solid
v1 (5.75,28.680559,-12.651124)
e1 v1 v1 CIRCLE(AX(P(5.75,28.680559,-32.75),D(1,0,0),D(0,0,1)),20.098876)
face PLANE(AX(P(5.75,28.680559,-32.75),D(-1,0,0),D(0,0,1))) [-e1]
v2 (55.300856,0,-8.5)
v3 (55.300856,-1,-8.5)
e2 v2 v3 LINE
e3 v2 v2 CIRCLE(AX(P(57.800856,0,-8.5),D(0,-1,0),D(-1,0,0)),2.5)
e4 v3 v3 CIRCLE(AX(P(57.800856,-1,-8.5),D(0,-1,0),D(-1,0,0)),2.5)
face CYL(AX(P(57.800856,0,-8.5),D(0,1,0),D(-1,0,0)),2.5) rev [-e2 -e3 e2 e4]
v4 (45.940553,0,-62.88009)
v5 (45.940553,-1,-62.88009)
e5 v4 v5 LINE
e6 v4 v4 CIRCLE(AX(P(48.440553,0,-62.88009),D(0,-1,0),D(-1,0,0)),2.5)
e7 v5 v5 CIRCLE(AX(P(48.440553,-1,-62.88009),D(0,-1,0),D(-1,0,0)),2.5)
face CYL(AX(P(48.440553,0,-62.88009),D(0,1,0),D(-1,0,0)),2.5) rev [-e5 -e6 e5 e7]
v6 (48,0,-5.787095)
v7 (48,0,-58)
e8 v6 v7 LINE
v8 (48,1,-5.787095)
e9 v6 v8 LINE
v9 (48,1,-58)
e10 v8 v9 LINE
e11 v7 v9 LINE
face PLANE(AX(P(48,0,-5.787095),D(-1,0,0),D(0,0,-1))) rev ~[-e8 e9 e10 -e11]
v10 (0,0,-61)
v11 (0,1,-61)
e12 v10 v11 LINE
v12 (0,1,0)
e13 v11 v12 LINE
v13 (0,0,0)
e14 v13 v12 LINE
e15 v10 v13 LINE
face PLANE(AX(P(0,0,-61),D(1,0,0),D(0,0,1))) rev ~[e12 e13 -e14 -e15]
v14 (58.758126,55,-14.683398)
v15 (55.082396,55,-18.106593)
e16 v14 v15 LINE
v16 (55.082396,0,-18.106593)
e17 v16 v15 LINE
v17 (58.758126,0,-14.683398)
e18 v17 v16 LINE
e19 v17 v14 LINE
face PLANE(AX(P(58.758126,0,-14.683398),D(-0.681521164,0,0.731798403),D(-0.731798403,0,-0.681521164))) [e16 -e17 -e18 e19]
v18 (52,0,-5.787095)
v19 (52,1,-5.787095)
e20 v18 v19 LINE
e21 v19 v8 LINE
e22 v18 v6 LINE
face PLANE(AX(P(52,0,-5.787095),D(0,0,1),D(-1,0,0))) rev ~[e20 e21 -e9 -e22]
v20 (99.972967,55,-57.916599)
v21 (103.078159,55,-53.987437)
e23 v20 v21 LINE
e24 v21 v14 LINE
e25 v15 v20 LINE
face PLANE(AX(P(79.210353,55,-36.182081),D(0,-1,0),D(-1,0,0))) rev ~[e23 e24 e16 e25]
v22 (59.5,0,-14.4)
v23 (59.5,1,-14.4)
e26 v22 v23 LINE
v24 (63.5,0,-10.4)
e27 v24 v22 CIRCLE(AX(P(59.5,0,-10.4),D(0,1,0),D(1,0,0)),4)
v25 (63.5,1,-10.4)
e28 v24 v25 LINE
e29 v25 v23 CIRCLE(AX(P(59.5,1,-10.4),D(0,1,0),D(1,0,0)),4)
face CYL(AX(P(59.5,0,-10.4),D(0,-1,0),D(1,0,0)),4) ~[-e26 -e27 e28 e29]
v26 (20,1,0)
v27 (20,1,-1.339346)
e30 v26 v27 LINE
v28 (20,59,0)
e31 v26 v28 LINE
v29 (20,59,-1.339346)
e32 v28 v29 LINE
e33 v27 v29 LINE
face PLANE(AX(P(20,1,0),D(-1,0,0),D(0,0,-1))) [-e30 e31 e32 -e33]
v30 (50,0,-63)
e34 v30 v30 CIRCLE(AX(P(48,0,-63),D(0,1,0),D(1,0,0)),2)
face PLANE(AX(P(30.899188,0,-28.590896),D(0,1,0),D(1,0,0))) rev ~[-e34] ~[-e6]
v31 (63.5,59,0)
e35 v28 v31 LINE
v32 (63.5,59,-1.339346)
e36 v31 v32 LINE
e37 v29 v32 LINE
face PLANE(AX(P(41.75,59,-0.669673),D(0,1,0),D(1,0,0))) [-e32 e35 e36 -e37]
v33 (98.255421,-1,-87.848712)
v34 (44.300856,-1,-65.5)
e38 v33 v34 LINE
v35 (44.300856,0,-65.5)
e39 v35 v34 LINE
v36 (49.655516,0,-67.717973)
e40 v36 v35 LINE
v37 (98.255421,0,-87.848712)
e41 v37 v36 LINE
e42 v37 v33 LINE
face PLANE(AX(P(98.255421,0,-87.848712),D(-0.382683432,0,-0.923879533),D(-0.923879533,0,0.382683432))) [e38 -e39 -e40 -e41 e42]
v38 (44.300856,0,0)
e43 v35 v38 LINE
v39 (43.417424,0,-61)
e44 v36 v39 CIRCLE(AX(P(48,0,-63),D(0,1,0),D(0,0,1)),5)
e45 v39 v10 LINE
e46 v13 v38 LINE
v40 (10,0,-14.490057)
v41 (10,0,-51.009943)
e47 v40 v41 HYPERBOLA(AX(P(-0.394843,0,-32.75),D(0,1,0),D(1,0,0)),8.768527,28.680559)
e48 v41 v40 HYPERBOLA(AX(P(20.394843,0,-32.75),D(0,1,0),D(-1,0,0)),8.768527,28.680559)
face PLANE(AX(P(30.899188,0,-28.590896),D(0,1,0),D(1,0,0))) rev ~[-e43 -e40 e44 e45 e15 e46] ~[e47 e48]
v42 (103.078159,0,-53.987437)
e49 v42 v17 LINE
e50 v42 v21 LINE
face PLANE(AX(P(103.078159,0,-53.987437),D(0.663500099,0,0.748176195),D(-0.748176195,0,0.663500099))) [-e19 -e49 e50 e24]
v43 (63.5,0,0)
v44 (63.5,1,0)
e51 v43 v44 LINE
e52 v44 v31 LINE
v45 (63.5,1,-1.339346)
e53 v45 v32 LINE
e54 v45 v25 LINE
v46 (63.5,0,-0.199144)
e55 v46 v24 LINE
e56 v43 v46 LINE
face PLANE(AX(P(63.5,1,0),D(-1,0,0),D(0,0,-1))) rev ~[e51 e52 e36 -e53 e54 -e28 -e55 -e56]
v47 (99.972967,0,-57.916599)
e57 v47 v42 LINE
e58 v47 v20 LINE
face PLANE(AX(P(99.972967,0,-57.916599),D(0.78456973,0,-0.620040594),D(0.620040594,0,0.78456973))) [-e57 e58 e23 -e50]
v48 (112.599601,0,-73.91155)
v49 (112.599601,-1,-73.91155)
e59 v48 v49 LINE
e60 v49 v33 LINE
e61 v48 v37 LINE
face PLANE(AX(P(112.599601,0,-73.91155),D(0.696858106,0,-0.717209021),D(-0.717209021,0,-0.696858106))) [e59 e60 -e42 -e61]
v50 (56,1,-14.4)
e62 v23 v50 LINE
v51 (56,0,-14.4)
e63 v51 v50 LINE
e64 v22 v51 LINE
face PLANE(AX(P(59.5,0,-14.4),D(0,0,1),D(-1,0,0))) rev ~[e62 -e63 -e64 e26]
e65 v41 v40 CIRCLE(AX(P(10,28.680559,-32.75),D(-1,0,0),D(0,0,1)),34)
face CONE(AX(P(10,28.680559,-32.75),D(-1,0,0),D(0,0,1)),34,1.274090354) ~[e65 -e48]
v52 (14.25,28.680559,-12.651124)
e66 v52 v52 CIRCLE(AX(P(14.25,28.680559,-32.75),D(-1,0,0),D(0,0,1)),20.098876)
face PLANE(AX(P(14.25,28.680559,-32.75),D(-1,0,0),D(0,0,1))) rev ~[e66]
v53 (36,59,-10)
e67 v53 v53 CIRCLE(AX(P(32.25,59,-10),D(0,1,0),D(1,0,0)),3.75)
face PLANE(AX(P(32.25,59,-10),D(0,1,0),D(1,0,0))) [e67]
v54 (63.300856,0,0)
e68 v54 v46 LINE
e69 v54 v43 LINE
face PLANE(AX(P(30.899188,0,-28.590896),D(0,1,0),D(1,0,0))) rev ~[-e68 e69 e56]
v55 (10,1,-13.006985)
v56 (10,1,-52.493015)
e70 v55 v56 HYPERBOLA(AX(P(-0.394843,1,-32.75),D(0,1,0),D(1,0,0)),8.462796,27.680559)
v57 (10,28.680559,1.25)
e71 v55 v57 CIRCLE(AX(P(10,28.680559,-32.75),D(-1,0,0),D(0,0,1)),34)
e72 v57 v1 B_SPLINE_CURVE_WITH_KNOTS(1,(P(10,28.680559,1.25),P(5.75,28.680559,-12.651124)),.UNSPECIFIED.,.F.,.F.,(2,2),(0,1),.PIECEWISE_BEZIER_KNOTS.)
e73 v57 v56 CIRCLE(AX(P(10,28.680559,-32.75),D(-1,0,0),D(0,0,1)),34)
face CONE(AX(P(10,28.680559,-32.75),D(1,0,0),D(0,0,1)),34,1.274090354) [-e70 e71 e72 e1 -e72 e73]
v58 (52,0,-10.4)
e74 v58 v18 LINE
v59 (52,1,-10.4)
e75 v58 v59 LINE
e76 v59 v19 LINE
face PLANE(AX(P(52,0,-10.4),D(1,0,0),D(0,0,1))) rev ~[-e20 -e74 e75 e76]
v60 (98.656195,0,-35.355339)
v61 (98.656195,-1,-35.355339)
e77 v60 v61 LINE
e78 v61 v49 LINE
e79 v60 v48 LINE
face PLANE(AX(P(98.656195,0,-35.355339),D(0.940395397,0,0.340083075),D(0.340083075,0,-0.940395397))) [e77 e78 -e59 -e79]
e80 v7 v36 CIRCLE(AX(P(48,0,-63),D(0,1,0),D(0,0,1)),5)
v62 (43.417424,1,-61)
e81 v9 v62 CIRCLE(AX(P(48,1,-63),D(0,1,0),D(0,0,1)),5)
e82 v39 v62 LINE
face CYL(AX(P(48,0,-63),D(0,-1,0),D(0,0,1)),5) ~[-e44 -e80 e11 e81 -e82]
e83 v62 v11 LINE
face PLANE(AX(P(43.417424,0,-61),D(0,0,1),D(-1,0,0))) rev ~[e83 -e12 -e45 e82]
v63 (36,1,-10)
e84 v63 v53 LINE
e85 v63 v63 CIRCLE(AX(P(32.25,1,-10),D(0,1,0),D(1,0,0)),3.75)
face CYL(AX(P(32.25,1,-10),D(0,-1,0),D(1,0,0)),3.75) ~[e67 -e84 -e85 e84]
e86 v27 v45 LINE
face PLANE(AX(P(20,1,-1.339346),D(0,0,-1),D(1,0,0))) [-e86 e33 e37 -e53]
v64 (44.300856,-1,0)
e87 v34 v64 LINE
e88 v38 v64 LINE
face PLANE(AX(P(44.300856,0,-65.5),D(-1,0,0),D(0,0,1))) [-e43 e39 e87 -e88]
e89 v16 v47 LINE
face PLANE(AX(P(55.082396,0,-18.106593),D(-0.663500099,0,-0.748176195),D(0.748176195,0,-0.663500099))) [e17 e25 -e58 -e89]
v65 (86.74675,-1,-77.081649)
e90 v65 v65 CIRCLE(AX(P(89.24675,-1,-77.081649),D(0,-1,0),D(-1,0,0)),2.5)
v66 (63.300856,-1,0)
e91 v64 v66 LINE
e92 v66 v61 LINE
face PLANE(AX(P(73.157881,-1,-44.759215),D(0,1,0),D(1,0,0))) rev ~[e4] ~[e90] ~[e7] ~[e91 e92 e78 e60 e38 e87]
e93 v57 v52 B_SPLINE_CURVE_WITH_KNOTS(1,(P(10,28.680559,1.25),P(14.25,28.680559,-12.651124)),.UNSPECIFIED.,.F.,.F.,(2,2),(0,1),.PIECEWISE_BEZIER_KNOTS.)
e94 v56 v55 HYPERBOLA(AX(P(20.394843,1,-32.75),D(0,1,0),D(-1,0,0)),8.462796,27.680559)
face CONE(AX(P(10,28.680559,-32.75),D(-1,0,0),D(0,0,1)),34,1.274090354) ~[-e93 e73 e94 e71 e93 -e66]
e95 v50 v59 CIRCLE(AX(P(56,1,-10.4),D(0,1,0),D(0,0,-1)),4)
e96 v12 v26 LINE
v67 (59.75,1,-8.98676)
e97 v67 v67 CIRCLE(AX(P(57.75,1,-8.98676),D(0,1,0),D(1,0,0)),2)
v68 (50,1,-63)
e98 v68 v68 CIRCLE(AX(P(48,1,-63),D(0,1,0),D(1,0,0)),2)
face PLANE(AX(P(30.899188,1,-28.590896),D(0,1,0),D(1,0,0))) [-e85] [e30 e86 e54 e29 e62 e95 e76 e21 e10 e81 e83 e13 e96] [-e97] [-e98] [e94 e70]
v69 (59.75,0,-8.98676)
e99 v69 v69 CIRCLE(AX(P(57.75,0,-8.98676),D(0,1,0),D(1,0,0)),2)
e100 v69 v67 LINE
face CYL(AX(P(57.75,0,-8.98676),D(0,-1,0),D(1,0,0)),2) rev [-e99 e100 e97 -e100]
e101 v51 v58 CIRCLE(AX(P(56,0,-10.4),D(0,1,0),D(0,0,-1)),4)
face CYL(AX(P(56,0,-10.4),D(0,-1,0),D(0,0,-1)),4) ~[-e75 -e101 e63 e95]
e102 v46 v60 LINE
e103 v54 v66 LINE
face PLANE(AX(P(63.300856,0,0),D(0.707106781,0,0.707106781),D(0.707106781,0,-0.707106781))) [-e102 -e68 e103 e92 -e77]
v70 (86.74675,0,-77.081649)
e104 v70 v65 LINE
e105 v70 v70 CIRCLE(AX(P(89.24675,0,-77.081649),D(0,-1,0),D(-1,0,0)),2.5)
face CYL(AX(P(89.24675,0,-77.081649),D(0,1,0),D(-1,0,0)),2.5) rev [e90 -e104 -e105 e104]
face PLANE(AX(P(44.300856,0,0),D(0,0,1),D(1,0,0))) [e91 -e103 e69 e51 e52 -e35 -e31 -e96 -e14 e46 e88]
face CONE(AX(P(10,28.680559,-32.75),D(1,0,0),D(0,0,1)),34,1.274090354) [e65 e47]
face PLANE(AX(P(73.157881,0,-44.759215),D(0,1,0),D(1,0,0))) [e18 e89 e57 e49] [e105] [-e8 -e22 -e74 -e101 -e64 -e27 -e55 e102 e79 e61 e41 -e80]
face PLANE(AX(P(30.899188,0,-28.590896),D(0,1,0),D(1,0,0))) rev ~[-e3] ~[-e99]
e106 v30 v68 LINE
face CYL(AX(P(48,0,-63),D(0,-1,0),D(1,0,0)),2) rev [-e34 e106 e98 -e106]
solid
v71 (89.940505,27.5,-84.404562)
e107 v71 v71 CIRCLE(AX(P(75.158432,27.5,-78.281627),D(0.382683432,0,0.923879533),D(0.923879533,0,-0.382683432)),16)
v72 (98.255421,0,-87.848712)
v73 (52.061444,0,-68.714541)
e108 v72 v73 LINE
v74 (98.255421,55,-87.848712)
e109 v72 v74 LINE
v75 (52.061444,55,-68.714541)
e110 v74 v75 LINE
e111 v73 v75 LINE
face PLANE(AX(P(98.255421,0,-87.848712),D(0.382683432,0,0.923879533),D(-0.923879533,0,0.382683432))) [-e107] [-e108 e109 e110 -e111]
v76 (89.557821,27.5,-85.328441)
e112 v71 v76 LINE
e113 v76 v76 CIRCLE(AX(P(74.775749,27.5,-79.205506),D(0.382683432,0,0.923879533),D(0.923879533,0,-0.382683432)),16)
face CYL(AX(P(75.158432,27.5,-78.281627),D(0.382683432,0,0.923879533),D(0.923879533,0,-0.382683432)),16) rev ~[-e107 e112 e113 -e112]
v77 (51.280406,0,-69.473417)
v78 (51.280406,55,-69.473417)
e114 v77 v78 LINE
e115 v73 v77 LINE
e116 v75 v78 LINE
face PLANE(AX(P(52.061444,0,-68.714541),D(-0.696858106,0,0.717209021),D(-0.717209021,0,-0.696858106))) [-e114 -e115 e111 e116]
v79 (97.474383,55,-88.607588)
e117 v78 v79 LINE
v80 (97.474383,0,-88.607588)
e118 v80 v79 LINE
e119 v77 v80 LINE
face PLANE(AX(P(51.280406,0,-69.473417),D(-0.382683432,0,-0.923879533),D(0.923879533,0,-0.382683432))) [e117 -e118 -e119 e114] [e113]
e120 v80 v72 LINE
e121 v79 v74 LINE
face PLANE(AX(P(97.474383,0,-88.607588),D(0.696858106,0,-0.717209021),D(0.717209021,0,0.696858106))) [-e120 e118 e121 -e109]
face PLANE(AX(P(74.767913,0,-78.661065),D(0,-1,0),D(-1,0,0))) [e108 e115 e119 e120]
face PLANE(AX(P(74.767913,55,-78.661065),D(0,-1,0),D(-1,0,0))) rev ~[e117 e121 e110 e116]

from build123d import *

# Parameters (mm, degrees)
CROQUIS1_R                        = 2
SALIENTE_EXTRUIR1_DEPTH           = 1
CROQUIS2_W                        = 43.5
CROQUIS2_H                        = 1.339346309
SALIENTE_EXTRUIR2_DEPTH           = 58
CROQUIS3_R                        = 2.5
SALIENTE_EXTRUIR3_DEPTH           = 1
SALIENTE_EXTRUIR4_DEPTH           = 55
CROQUIS5_R                        = 16
CORTAR_EXTRUIR1_DEPTH             = 55
SALIENTE_EXTRUIR5_DEPTH           = 55
CROQUIS7_R                        = 34
SALIENTE_EXTRUIR6_DEPTH           = 4.25
SALIENTE_EXTRUIR6_TAPER           = 73
SALIENTE_EXTRUIR6_OTHER_WAY_DEPTH = 4.25
SALIENTE_EXTRUIR6_OTHER_WAY_TAPER = 73
CROQUIS8_R                        = 3.75
SALIENTE_EXTRUIR7_DEPTH           = 58


with BuildPart() as part:
    # Croquis1 → Saliente-Extruir1 (new body)
    with BuildSketch(Plane(origin=(0, 0, 0), x_dir=(1, 0, 0), z_dir=(0, 1, 0))):
        with BuildLine():
            Line((0, 0), (48, 0))
            Line((48, 0), (53, 0))
            Line((53, 0), (63.5, 0))
            Line((63.5, 0), (63.5, 10.4))
            ThreePointArc((63.5, 10.4), (62.328427125, 13.228427125), (59.5, 14.4))
            Line((59.5, 14.4), (56, 14.4))
            ThreePointArc((56, 14.4), (53.171572875, 13.228427125), (52, 10.4))
            Line((52, 10.4), (52, 5.787095104))
            Line((52, 5.787095104), (48, 5.787095104))
            Line((48, 5.787095104), (48, 58))
            ThreePointArc((48, 58), (50.738612788, 67.183300133), (43.417424305, 61))
            Line((43.417424305, 61), (0, 61))
            Line((0, 61), (0, 0))
        make_face()
        with Locations((48, 63)):
            Circle(CROQUIS1_R, mode=Mode.SUBTRACT)
        with Locations((57.75, 8.986759655)):
            Circle(CROQUIS1_R, mode=Mode.SUBTRACT)
    extrude(amount=SALIENTE_EXTRUIR1_DEPTH)

    # Croquis2 → Saliente-Extruir2 (add)
    with BuildSketch(Plane(origin=(0, 1, 0), x_dir=(1, 0, 0), z_dir=(0, 1, 0))):
        with Locations((41.75, 0.669673155)):
            Rectangle(CROQUIS2_W, CROQUIS2_H)
    extrude(amount=SALIENTE_EXTRUIR2_DEPTH)

    # Croquis3 → Saliente-Extruir3 (add)
    with BuildSketch(Plane(origin=(0, 0, 0), x_dir=(-1, 0, 0), z_dir=(0, -1, 0))):
        Polygon((-44.300855822, 65.5), (-44.300855822, 0), (-63.300855822, 0), (-98.656194881, 35.355339059), (-112.599600943, 73.911550328), (-98.25542052, 87.84871245), align=None)
        with Locations((-57.800855822, 8.5)):
            Circle(CROQUIS3_R, mode=Mode.SUBTRACT)
        with Locations((-48.440552847, 62.880089861)):
            Circle(CROQUIS3_R, mode=Mode.SUBTRACT)
        with Locations((-89.246749654, 77.081649496)):
            Circle(CROQUIS3_R, mode=Mode.SUBTRACT)
    extrude(amount=SALIENTE_EXTRUIR3_DEPTH)

    # Croquis6 → Saliente-Extruir5 (add)
    with BuildSketch(Plane(origin=(0, 0, 0), x_dir=(1, 0, 0), z_dir=(0, 1, 0))):
        Polygon((55.082395563, 18.10659262), (99.972967283, 57.916598531), (103.078159084, 53.987437255), (58.758126029, 14.683398339), align=None)
    extrude(amount=SALIENTE_EXTRUIR5_DEPTH)

    # Croquis7 → Saliente-Extruir6 (add)
    with BuildSketch(Plane.ZY.offset(-10)):
        with Locations((-32.75, 28.680559434)):
            Circle(CROQUIS7_R)
    extrude(amount=SALIENTE_EXTRUIR6_DEPTH, taper=SALIENTE_EXTRUIR6_TAPER)

    # Croquis7 → Saliente-Extruir6 other way (add)
    with BuildSketch(Plane.ZY.offset(-10)):
        with Locations((-32.75, 28.680559434)):
            Circle(CROQUIS7_R)
    extrude(amount=-SALIENTE_EXTRUIR6_OTHER_WAY_DEPTH, taper=SALIENTE_EXTRUIR6_OTHER_WAY_TAPER)

    # Croquis8 → Saliente-Extruir7 (add)
    with BuildSketch(Plane(origin=(0, 1, 0), x_dir=(1, 0, 0), z_dir=(0, 1, 0))):
        with Locations((32.25, 10)):
            Circle(CROQUIS8_R)
    extrude(amount=SALIENTE_EXTRUIR7_DEPTH)


with BuildPart() as body_2:
    # Croquis4 → Saliente-Extruir4 (new body)
    with BuildSketch(Plane(origin=(0, 0, 0), x_dir=(1, 0, 0), z_dir=(0, 1, 0))):
        Polygon((51.280406083, 69.473416578), (97.474382708, 88.607588196), (98.25542052, 87.84871245), (52.061443895, 68.714540832), align=None)
    extrude(amount=SALIENTE_EXTRUIR4_DEPTH)

    # Croquis5 → Cortar-Extruir1 (cut)
    with BuildSketch(Plane(origin=(-16.670036955, 0, -40.245029302), x_dir=(0.923879533, 0, -0.382683432), z_dir=(0.382683432, 0, 0.923879533))):
        with Locations((99.394418786, 27.5)):
            Circle(CROQUIS5_R)
    extrude(amount=-CORTAR_EXTRUIR1_DEPTH, mode=Mode.SUBTRACT)


solid = Compound([part.part, body_2.part])
